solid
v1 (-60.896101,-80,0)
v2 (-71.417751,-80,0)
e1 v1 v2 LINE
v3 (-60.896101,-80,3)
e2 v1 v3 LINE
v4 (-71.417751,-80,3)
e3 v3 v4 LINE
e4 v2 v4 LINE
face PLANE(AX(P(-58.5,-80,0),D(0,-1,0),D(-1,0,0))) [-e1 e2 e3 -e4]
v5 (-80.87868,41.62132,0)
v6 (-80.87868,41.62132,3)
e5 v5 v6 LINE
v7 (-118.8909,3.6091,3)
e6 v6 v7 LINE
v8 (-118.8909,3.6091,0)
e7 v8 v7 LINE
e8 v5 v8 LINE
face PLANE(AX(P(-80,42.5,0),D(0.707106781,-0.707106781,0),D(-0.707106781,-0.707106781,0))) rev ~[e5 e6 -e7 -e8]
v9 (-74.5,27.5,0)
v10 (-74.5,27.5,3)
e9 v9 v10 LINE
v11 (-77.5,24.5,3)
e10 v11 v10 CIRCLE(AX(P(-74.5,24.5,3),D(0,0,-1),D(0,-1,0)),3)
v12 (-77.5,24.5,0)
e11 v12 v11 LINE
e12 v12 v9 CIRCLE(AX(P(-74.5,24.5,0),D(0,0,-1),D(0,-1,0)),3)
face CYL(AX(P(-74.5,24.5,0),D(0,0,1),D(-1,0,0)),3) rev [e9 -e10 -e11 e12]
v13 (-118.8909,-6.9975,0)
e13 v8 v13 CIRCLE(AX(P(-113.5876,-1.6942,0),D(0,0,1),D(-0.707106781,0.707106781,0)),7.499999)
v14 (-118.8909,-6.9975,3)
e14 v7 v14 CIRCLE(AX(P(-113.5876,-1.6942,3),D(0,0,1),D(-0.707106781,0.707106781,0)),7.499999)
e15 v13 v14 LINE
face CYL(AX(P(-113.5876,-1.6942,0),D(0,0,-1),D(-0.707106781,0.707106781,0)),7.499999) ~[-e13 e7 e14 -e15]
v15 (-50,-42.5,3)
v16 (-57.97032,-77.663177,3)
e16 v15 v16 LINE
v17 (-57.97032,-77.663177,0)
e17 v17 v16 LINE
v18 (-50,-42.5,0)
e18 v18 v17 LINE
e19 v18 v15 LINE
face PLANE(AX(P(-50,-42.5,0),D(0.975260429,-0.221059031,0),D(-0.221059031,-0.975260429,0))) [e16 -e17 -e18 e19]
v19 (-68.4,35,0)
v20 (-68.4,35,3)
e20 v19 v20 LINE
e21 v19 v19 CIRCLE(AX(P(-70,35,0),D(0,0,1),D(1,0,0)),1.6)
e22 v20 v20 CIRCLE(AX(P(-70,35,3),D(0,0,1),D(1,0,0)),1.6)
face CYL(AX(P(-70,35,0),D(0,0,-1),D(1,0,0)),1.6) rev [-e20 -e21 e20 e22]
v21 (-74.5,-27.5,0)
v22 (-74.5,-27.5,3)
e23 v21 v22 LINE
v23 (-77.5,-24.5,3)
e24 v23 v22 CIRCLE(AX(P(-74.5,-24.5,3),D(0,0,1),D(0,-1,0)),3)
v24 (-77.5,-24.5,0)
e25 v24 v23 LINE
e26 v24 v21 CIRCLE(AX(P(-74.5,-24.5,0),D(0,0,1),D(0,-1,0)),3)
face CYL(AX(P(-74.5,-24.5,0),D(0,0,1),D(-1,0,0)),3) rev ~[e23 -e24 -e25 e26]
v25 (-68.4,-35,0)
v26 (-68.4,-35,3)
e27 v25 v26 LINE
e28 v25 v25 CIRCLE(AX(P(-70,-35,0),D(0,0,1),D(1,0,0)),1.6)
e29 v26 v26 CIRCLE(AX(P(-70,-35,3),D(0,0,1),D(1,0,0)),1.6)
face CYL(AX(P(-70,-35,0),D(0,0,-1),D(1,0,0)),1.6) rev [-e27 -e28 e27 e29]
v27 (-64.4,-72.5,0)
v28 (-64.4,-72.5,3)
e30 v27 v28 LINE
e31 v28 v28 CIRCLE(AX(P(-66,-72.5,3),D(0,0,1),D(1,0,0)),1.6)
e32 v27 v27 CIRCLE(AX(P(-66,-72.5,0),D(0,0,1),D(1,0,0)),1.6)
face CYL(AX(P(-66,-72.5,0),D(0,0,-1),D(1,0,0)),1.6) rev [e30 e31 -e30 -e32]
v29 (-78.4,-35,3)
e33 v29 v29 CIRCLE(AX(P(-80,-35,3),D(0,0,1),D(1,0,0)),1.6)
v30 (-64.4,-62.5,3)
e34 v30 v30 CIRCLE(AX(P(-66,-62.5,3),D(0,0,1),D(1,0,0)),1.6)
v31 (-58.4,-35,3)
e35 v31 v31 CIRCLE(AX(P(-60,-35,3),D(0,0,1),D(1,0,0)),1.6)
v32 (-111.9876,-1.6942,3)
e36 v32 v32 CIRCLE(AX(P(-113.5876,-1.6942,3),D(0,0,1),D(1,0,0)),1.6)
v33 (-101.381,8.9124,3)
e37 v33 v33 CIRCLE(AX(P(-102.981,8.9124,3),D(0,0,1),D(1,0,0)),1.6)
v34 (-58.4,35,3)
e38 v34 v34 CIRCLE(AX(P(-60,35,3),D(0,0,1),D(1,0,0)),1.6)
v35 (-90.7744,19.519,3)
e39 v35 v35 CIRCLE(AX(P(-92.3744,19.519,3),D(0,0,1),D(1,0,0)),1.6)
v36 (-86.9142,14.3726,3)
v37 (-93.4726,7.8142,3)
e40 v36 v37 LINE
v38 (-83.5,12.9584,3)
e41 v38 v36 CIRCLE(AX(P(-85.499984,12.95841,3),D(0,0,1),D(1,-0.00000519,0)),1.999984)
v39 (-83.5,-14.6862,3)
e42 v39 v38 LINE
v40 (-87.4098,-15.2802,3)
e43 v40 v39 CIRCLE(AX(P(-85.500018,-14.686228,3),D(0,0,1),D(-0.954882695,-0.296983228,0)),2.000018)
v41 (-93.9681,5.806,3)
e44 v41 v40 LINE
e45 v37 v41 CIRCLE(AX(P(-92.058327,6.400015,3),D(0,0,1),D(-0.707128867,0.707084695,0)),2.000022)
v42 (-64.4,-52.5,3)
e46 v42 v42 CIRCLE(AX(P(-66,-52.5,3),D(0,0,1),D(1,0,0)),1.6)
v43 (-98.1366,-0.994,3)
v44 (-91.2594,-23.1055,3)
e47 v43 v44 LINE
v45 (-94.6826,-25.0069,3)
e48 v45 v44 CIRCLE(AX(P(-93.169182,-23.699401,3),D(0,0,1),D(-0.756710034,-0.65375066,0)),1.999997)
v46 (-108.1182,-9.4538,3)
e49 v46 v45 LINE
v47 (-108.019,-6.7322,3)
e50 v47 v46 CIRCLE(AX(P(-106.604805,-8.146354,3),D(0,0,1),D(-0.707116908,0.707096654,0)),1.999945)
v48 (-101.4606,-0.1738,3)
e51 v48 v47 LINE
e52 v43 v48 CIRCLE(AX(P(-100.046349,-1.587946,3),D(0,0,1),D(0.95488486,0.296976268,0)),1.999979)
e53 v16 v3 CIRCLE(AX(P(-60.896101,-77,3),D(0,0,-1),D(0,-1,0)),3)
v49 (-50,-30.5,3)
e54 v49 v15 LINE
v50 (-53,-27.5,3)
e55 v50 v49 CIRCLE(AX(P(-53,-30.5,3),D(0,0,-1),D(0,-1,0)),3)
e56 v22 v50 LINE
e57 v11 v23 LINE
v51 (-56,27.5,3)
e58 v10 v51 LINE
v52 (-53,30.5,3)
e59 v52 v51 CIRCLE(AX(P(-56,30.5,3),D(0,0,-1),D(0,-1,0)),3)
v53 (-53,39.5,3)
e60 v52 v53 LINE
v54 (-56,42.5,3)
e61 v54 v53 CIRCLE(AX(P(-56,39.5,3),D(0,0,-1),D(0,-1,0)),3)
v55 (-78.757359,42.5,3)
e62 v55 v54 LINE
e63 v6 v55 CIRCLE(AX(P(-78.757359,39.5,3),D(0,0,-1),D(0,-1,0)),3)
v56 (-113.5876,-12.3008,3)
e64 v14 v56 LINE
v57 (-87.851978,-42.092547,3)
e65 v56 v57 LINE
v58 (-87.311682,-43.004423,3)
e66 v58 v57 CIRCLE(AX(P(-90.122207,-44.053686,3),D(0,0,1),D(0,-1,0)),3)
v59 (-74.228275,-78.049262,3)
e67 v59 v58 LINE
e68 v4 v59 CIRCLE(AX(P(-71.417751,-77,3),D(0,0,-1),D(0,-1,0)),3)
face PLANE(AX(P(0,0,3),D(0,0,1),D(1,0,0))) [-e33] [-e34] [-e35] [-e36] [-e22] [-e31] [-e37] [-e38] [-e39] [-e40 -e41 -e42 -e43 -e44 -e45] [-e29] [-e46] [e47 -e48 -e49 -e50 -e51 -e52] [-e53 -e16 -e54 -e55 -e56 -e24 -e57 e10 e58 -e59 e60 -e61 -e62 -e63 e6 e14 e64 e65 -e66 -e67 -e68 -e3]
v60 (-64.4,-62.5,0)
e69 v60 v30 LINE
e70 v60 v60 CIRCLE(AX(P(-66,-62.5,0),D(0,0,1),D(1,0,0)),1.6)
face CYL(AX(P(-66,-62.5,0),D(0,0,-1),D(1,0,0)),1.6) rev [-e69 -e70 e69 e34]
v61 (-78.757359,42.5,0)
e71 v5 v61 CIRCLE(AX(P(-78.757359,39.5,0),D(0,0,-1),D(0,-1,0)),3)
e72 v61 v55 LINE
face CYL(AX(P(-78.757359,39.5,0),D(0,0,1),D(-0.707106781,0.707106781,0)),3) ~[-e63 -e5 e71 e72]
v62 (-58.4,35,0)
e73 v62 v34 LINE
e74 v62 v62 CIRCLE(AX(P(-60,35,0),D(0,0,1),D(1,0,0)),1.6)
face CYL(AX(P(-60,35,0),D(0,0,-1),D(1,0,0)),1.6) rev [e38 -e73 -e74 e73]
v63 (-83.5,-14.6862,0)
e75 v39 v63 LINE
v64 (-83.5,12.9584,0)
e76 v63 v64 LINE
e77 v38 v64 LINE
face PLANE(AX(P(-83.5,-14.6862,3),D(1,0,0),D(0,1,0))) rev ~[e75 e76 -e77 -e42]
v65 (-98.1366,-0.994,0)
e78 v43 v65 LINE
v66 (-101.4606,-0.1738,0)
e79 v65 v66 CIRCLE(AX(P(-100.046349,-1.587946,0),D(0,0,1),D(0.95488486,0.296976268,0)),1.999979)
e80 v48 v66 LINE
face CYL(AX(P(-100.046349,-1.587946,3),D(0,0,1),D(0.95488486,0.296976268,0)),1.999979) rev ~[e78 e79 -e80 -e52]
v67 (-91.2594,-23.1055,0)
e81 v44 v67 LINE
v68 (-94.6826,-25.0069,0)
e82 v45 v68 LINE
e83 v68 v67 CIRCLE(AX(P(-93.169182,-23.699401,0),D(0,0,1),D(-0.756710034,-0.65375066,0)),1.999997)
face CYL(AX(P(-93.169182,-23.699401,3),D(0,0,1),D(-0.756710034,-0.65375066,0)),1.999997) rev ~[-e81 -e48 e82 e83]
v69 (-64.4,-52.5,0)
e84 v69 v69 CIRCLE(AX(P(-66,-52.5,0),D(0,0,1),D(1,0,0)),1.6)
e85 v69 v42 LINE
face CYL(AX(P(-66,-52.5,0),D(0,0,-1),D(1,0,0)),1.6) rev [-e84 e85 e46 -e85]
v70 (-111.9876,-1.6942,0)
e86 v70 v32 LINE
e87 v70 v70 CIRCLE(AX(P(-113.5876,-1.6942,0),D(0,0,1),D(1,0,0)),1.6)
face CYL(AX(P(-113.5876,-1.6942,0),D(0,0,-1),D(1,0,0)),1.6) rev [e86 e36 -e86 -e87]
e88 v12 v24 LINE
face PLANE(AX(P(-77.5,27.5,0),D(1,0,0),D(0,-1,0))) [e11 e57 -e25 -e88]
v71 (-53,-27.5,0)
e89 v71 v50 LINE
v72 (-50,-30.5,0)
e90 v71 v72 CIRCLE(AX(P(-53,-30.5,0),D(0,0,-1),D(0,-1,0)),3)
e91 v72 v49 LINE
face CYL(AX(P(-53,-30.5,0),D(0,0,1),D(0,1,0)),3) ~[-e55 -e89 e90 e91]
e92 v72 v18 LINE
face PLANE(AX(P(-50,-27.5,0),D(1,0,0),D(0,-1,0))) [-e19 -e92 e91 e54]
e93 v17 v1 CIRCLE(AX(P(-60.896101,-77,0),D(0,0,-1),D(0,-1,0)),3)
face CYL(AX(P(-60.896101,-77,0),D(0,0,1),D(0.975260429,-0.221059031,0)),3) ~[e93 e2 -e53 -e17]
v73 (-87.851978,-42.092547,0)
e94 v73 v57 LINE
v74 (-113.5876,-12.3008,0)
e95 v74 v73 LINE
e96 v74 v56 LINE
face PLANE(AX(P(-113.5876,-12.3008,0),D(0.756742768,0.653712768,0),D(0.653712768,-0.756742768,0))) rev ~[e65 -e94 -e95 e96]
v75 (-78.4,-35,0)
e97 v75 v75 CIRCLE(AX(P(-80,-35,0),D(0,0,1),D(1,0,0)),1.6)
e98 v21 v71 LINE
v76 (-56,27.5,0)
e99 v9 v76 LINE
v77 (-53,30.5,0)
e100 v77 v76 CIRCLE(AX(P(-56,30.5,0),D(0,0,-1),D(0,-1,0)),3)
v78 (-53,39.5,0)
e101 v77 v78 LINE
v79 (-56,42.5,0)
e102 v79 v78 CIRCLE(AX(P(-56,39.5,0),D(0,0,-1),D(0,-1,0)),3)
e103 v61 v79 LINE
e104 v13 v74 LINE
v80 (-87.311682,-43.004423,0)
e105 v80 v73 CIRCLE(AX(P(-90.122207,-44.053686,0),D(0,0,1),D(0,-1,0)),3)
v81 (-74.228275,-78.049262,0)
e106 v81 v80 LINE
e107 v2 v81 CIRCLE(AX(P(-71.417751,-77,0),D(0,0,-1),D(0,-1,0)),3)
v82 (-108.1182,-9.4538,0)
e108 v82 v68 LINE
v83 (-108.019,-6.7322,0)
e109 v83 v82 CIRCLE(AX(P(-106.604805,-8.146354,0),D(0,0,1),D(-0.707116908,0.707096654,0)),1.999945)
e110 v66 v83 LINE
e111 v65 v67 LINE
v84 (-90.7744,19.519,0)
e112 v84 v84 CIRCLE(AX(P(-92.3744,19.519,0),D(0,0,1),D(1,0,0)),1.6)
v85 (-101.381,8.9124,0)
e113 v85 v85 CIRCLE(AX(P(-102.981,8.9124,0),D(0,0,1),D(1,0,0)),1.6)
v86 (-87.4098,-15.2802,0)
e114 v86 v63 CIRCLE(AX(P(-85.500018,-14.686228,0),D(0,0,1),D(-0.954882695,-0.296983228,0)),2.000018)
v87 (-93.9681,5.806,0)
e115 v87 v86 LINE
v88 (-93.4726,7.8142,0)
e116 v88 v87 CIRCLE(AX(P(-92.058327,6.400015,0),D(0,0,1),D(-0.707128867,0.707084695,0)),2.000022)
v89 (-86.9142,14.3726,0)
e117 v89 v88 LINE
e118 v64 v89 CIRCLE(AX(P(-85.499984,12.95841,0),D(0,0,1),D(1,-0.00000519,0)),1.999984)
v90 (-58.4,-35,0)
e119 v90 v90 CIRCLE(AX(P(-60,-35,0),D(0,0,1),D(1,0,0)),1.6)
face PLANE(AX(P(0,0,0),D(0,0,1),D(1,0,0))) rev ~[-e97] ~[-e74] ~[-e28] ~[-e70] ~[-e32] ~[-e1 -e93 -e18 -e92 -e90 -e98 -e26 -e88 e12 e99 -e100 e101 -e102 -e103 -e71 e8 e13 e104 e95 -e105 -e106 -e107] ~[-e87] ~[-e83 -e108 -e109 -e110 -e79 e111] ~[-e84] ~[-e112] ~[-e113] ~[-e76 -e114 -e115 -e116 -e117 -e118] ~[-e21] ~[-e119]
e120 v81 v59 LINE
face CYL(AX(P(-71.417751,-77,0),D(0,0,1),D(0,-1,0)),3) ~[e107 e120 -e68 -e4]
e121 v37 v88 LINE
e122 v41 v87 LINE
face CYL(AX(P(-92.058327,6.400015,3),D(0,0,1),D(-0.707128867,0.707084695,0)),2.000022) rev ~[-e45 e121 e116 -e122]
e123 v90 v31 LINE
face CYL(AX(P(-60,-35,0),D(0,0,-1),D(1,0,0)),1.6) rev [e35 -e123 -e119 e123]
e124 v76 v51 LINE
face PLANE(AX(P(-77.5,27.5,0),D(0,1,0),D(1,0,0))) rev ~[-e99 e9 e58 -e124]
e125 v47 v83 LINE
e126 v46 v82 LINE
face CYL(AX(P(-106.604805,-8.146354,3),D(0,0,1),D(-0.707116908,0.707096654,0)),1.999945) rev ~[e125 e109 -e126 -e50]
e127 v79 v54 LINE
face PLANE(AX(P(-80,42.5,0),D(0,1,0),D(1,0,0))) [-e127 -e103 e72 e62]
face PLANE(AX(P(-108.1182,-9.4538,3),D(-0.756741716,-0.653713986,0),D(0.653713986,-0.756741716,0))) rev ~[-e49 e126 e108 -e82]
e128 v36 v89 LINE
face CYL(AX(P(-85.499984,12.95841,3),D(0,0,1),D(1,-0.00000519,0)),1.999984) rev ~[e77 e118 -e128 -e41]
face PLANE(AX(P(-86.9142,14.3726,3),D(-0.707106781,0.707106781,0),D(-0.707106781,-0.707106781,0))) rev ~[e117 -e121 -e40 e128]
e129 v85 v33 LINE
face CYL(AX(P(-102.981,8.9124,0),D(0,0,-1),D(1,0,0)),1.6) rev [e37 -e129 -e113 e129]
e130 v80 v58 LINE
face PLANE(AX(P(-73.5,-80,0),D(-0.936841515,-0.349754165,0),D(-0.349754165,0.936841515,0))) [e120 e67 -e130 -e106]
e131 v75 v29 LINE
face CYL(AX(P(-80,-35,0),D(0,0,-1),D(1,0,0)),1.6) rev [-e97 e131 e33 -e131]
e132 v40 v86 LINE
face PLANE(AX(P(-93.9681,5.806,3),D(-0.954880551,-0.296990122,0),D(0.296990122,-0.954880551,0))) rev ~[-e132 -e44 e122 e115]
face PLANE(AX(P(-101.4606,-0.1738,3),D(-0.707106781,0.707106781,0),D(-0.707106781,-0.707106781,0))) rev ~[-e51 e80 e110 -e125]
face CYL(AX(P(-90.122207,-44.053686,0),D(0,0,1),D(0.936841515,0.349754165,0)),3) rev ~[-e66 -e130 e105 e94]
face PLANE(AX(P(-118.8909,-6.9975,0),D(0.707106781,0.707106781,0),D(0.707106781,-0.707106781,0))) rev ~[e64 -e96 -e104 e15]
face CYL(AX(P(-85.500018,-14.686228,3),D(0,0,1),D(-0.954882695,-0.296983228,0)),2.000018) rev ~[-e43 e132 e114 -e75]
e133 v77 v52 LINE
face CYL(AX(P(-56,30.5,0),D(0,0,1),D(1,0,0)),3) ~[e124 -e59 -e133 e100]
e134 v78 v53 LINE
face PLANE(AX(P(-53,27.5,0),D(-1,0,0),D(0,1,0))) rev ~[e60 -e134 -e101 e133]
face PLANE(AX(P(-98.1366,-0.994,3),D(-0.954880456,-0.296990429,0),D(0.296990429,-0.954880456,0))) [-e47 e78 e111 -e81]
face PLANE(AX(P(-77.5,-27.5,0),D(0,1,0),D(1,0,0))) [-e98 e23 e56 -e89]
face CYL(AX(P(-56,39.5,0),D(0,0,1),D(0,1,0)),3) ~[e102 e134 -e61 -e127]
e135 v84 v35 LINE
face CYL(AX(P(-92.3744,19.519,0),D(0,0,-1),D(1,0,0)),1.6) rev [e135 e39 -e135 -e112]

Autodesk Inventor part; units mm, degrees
ref_plane "YZ Plane" through (0, 0, 0) normal (1, 0, 0) x (0, 1, 0)
ref_plane "XZ Plane" through (0, 0, 0) normal (0, 1, 0) x (-1, 0, 0)
ref_plane "XY Plane" through (0, 0, 0) normal (0, 0, 1) x (1, 0, 0)
sketch "スケッチ1" plane through (0, 0, 0) normal (0, 0, 1) x (1, 0, 0)
  line L0 (67.5, 17.5) -> (-67.5, 17.5) construction
  line L1 (-67.5, 17.5) -> (-67.5, -17.5) construction
  line L2 (-67.5, -17.5) -> (67.5, -17.5) construction
  line L3 (67.5, -17.5) -> (67.5, 17.5) construction
  line L4 (67.5, 17.5) -> (-67.5, -17.5) construction
  line L5 (-67.5, 17.5) -> (67.5, -17.5) construction
  circle A0 centre (-60, 35) radius 1.6
  circle A1 centre (-70, 35) radius 1.6
  line L6 (-77.5, 27.5) -> (-53, 27.5)
  line L7 (-53, 27.5) -> (-53, 42.5)
  line L8 (-53, 42.5) -> (-80, 42.5) construction
  line L9 (-77.5, 27.5) -> (-77.5, -27.5)
  line L10 (-77.5, -27.5) -> (-50, -27.5)
  circle A2 centre (-60, -35) radius 1.6
  circle A3 centre (-70, -35) radius 1.6
  circle A4 centre (-80, -35) radius 1.6
  line L11 (124.2308, -31.7536) -> (484.5935, -392.1164)
  line L12 (484.5935, -392.1164) -> (488.7129, -553.575)
  line L13 (-80, 21.2868) -> (-468.838, -367.5512) construction
  line L14 (-468.838, -367.5512) -> (-479.4446, -356.9446)
  line L15 (-479.4446, -356.9446) -> (-90.6066, 31.8934) construction
  line L16 (-90.6066, 31.8934) -> (-80, 21.2868) construction
  line L17 (-80, 42.5) -> (-80, 5.3052) construction
  circle A5 centre (-92.3744, 19.519) radius 1.6
  circle A6 centre (-102.981, 8.9124) radius 1.6
  circle A7 centre (-113.5876, -1.6942) radius 1.6
  line L18 (-92.3744, 19.519) -> (-113.5876, -1.6942) construction
  circle A8 centre (-433.75, -321.8566) radius 1.6
  circle A9 centre (-421.9492, -310.0558) radius 1.6
  line L19 (-388.4374, -772.2067) -> (-358.1265, -754.7067) construction
  line L20 (-358.1265, -754.7067) -> (-425.6265, -637.7933) construction
  line L21 (-455.9374, -655.2933) -> (-358.1265, -754.7067) construction
  line L22 (-388.4374, -772.2067) -> (-425.6265, -637.7933) construction
  line L23 (-455.9374, -655.2933) -> (-388.4374, -772.2067) construction
  line L24 (-425.6265, -637.7933) -> (-455.9374, -655.2933) construction
  line L25 (455.9374, -655.2933) -> (425.6265, -637.7933) construction
  line L26 (425.6265, -637.7933) -> (358.1265, -754.7067) construction
  line L27 (388.4374, -772.2067) -> (425.6265, -637.7933) construction
  line L28 (455.9374, -655.2933) -> (358.1265, -754.7067) construction
  line L29 (388.4374, -772.2067) -> (455.9374, -655.2933) construction
  line L30 (358.1265, -754.7067) -> (388.4374, -772.2067) construction
  line L31 (0, 0) -> (0, -263.4473) construction
  line L32 (67.5, 17.5) -> (67.5, -17.5) construction
  circle A10 centre (60, 35) radius 1.6
  circle A11 centre (70, 35) radius 1.6
  line L33 (77.5, 27.5) -> (53, 27.5)
  line L34 (53, 27.5) -> (53, 42.5)
  line L35 (53, 42.5) -> (80, 42.5)
  line L36 (77.5, 27.5) -> (77.5, -27.5)
  line L37 (77.5, -27.5) -> (50, -27.5)
  line L38 (50, -27.5) -> (72.3664, -42.5)
  line L39 (72.3664, -42.5) -> (99.3664, -42.5)
  circle A12 centre (60, -35) radius 1.6
  circle A13 centre (70, -35) radius 1.6
  circle A14 centre (80, -35) radius 1.6
  line L40 (80, 42.5) -> (80, 5.3052) construction
  line L41 (-483.838, -367.5512) -> (-468.838, -367.5512)
  line L42 (-468.838, -367.5512) -> (-468.838, -648.3077)
  line L43 (-468.838, -648.3077) -> (-483.838, -648.3077)
  line L44 (-483.838, -648.3077) -> (-483.838, -367.5512)
  line L45 (-283.2277, -604.4352) -> (-262.2277, -640.8083) construction
  line L46 (345.2492, -497.0108) -> (305.7786, -565.3759) construction
  line L47 (265.1134, -631.6538) -> (-234.8866, -631.6538) construction
  line L48 (-234.8866, -631.6538) -> (-234.8866, -1131.6538) construction
  line L49 (-234.8866, -1131.6538) -> (265.1134, -1131.6538) construction
  line L50 (265.1134, -1131.6538) -> (265.1134, -631.6538) construction
  line L51 (265.1134, -631.6538) -> (-234.8866, -1131.6538) construction
  line L52 (-234.8866, -631.6538) -> (265.1134, -1131.6538) construction
  line L53 (-12.841, -157.5) -> (15.1134, -157.5) construction
  circle A15 centre (1.1362, -409.4569) radius 212.5 construction
  line L54 (501.1362, 53.616) -> (-498.8638, 53.616) construction
  line L55 (-498.8638, 53.616) -> (-498.8638, -946.384) construction
  line L56 (-498.8638, -946.384) -> (501.1362, -946.384) construction
  line L57 (501.1362, -946.384) -> (501.1362, 53.616) construction
  line L58 (501.1362, 53.616) -> (-498.8638, -946.384) construction
  line L59 (-498.8638, 53.616) -> (501.1362, -946.384) construction
  circle A16 centre (1.1362, -409.4569) radius 250 construction
  line L60 (-80, 42.5) -> (-90.6066, 31.8934) construction
  line L61 (-80, 42.5) -> (-118.8909, 3.6091)
  line L62 (-118.8909, -6.9975) -> (-113.5876, -12.3008)
  line L63 (-113.5876, -12.3008) -> (-87.5, -42.5)
  arc A17 (-118.8909, 3.6091) -> (-118.8909, -6.9975) centre (-113.5876, -1.6942) ccw
  line L64 (-80, 42.5) -> (-53, 42.5)
  circle A18 centre (-66, -52.5) radius 1.6
  circle A19 centre (-66, -62.5) radius 1.6
  circle A20 centre (-66, -72.5) radius 1.6
  line L65 (-58.5, -80) -> (-73.5, -80)
  line L66 (-73.5, -80) -> (-87.5, -42.5)
  line L67 (-50, -27.5) -> (-50, -42.5)
  line L68 (-50, -42.5) -> (-58.5, -80)
  point P0 (0, -470)
  point P1 (-102.981, 8.9124)
  point P2 (-77.5, 0)
  point P3 (-407.0319, -705)
  point P4 (-407.0319, -705)
  point P5 (407.0319, -705)
  point P6 (407.0319, -705)
  point P7 (77.5, 0)
  point P8 (15.1134, -881.6538)
  point P9 (1.1362, -446.384)
  point P10 (-124.1942, -1.6942)
  dimension "d27" = 135
  dimension "d28" = 35
  dimension "d29" = 3.2
  dimension "d30" = 3.2
  dimension "d31" = 10
  dimension "d32" = 15
  dimension "d33" = 10
  dimension "d34" = 7.5
  dimension "d35" = 7
  dimension "d36" = 70
  dimension "d37" = 3.2
  dimension "d38" = 3.2
  dimension "d39" = 3.2
  dimension "d40" = 10
  dimension "d41" = 10
  dimension "d45" = 10
  dimension "d46" = 10
  dimension "d53" = 135
  dimension "d54" = 15
  dimension "d55" = 10
  dimension "d57" = 3.2
  dimension "d58" = 3.2
  dimension "d59" = 3.2
  dimension "d60" = 10
  dimension "d61" = 15
  dimension "d62" = 15
  dimension "d63" = 7.5
  dimension "d64" = 45
  dimension "d65" = 3.2
  dimension "d66" = 3.2
  dimension "d69" = 360
  dimension "d76" = 470
  dimension "d77" = 15
  dimension "d80" = 500
  dimension "d81" = 500
  dimension "d82" = 200
  dimension "d83" = 425
  dimension "d84" = 1000
  dimension "d85" = 1000
  dimension "d88" = 42
  dimension "d89" = 500
  dimension "d90" = 7.5
  dimension "d91" = 7.5
  dimension "d112" = 3.2
  dimension "d113" = 3.2
  dimension "d114" = 3.2
  dimension "d115" = 10
  dimension "d116" = 10
  dimension "d117" = 25
  dimension "d118" = 66
  dimension "d120" = 7.5
  dimension "d121" = 7.5
  dimension "d122" = 7.5
  dimension "d123" = 7.5
  dimension "d124" = 7.5
  dimension "d129" = 10
  dimension "d130" = 7.5
  dimension "d131" = 7.5
extrude "押し出し1" add sketch "スケッチ1" along normal blind 3 contours L9 L10 L67 L68 L65 L66 L63 L62 A17 L61 L64 L7 L6
fillet "フィレット1" radius 3 10 edges at (-113.5876, -12.3008, 1.5) (-50, -27.5, 1.5) (-77.5, -27.5, 1.5) (-77.5, 27.5, 1.5) (-53, 27.5, 1.5) (-53, 42.5, 1.5) (-80, 42.5, 1.5) (-87.5, -42.5, 1.5) (-73.5, -80, 1.5) (-58.5, -80, 1.5)
sketch "スケッチ2" plane through (0, 0, 3) normal (0, 0, 1) x (1, 0, 0)
  line L0 (-108.1182, -9.4538) -> (-94.6826, -25.0069)
  line L1 (-83.5, -14.6862) -> (-83.5, 12.9584)
  line L2 (-86.9142, 14.3726) -> (-93.4726, 7.8142)
  line L3 (-77.5, -24.5) -> (-77.5, 24.5) projected
  line L4 (-80.8787, 41.6213) -> (-118.8909, 3.6091) projected
  line L5 (-113.516, -12.3836) -> (-87.852, -42.0925) projected
  line L6 (-96.7234, 4.5634) -> (-83.5, -37.9521) construction
  line L7 (-98.1366, -0.994) -> (-91.2594, -23.1055)
  line L8 (-93.9681, 5.806) -> (-87.4098, -15.2802)
  line L9 (-101.4606, -0.1738) -> (-108.019, -6.7322)
  arc A0 (-98.1366, -0.994) -> (-101.4606, -0.1738) centre (-100.0464, -1.588) ccw
  arc A1 (-93.4726, 7.8142) -> (-93.9681, 5.806) centre (-92.0583, 6.4) ccw
  arc A2 (-94.6826, -25.0069) -> (-91.2594, -23.1055) centre (-93.1692, -23.6995) ccw
  arc A3 (-87.4098, -15.2802) -> (-83.5, -14.6862) centre (-85.5, -14.6862) ccw
  arc A4 (-83.5, 12.9584) -> (-86.9142, 14.3726) centre (-85.5, 12.9584) ccw
  arc A5 (-108.019, -6.7322) -> (-108.1182, -9.4538) centre (-106.6047, -8.1464) ccw
  line L10 (-53, -27.5) -> (-74.5, -27.5) projected
  point P0 (0, 0)
  point P1 (-99.1198, 2.167)
  dimension "d95" = 6
  dimension "d97" = 15
  dimension "d98" = 6
  dimension "d99" = 3
  dimension "d100" = 3
  dimension "d101" = 2
  dimension "d102" = 2
extrude "押し出し2" cut sketch "スケッチ2" against normal blind 3
properties part number "オムニ_後ろ側板" material "アルミニウム 6061"
